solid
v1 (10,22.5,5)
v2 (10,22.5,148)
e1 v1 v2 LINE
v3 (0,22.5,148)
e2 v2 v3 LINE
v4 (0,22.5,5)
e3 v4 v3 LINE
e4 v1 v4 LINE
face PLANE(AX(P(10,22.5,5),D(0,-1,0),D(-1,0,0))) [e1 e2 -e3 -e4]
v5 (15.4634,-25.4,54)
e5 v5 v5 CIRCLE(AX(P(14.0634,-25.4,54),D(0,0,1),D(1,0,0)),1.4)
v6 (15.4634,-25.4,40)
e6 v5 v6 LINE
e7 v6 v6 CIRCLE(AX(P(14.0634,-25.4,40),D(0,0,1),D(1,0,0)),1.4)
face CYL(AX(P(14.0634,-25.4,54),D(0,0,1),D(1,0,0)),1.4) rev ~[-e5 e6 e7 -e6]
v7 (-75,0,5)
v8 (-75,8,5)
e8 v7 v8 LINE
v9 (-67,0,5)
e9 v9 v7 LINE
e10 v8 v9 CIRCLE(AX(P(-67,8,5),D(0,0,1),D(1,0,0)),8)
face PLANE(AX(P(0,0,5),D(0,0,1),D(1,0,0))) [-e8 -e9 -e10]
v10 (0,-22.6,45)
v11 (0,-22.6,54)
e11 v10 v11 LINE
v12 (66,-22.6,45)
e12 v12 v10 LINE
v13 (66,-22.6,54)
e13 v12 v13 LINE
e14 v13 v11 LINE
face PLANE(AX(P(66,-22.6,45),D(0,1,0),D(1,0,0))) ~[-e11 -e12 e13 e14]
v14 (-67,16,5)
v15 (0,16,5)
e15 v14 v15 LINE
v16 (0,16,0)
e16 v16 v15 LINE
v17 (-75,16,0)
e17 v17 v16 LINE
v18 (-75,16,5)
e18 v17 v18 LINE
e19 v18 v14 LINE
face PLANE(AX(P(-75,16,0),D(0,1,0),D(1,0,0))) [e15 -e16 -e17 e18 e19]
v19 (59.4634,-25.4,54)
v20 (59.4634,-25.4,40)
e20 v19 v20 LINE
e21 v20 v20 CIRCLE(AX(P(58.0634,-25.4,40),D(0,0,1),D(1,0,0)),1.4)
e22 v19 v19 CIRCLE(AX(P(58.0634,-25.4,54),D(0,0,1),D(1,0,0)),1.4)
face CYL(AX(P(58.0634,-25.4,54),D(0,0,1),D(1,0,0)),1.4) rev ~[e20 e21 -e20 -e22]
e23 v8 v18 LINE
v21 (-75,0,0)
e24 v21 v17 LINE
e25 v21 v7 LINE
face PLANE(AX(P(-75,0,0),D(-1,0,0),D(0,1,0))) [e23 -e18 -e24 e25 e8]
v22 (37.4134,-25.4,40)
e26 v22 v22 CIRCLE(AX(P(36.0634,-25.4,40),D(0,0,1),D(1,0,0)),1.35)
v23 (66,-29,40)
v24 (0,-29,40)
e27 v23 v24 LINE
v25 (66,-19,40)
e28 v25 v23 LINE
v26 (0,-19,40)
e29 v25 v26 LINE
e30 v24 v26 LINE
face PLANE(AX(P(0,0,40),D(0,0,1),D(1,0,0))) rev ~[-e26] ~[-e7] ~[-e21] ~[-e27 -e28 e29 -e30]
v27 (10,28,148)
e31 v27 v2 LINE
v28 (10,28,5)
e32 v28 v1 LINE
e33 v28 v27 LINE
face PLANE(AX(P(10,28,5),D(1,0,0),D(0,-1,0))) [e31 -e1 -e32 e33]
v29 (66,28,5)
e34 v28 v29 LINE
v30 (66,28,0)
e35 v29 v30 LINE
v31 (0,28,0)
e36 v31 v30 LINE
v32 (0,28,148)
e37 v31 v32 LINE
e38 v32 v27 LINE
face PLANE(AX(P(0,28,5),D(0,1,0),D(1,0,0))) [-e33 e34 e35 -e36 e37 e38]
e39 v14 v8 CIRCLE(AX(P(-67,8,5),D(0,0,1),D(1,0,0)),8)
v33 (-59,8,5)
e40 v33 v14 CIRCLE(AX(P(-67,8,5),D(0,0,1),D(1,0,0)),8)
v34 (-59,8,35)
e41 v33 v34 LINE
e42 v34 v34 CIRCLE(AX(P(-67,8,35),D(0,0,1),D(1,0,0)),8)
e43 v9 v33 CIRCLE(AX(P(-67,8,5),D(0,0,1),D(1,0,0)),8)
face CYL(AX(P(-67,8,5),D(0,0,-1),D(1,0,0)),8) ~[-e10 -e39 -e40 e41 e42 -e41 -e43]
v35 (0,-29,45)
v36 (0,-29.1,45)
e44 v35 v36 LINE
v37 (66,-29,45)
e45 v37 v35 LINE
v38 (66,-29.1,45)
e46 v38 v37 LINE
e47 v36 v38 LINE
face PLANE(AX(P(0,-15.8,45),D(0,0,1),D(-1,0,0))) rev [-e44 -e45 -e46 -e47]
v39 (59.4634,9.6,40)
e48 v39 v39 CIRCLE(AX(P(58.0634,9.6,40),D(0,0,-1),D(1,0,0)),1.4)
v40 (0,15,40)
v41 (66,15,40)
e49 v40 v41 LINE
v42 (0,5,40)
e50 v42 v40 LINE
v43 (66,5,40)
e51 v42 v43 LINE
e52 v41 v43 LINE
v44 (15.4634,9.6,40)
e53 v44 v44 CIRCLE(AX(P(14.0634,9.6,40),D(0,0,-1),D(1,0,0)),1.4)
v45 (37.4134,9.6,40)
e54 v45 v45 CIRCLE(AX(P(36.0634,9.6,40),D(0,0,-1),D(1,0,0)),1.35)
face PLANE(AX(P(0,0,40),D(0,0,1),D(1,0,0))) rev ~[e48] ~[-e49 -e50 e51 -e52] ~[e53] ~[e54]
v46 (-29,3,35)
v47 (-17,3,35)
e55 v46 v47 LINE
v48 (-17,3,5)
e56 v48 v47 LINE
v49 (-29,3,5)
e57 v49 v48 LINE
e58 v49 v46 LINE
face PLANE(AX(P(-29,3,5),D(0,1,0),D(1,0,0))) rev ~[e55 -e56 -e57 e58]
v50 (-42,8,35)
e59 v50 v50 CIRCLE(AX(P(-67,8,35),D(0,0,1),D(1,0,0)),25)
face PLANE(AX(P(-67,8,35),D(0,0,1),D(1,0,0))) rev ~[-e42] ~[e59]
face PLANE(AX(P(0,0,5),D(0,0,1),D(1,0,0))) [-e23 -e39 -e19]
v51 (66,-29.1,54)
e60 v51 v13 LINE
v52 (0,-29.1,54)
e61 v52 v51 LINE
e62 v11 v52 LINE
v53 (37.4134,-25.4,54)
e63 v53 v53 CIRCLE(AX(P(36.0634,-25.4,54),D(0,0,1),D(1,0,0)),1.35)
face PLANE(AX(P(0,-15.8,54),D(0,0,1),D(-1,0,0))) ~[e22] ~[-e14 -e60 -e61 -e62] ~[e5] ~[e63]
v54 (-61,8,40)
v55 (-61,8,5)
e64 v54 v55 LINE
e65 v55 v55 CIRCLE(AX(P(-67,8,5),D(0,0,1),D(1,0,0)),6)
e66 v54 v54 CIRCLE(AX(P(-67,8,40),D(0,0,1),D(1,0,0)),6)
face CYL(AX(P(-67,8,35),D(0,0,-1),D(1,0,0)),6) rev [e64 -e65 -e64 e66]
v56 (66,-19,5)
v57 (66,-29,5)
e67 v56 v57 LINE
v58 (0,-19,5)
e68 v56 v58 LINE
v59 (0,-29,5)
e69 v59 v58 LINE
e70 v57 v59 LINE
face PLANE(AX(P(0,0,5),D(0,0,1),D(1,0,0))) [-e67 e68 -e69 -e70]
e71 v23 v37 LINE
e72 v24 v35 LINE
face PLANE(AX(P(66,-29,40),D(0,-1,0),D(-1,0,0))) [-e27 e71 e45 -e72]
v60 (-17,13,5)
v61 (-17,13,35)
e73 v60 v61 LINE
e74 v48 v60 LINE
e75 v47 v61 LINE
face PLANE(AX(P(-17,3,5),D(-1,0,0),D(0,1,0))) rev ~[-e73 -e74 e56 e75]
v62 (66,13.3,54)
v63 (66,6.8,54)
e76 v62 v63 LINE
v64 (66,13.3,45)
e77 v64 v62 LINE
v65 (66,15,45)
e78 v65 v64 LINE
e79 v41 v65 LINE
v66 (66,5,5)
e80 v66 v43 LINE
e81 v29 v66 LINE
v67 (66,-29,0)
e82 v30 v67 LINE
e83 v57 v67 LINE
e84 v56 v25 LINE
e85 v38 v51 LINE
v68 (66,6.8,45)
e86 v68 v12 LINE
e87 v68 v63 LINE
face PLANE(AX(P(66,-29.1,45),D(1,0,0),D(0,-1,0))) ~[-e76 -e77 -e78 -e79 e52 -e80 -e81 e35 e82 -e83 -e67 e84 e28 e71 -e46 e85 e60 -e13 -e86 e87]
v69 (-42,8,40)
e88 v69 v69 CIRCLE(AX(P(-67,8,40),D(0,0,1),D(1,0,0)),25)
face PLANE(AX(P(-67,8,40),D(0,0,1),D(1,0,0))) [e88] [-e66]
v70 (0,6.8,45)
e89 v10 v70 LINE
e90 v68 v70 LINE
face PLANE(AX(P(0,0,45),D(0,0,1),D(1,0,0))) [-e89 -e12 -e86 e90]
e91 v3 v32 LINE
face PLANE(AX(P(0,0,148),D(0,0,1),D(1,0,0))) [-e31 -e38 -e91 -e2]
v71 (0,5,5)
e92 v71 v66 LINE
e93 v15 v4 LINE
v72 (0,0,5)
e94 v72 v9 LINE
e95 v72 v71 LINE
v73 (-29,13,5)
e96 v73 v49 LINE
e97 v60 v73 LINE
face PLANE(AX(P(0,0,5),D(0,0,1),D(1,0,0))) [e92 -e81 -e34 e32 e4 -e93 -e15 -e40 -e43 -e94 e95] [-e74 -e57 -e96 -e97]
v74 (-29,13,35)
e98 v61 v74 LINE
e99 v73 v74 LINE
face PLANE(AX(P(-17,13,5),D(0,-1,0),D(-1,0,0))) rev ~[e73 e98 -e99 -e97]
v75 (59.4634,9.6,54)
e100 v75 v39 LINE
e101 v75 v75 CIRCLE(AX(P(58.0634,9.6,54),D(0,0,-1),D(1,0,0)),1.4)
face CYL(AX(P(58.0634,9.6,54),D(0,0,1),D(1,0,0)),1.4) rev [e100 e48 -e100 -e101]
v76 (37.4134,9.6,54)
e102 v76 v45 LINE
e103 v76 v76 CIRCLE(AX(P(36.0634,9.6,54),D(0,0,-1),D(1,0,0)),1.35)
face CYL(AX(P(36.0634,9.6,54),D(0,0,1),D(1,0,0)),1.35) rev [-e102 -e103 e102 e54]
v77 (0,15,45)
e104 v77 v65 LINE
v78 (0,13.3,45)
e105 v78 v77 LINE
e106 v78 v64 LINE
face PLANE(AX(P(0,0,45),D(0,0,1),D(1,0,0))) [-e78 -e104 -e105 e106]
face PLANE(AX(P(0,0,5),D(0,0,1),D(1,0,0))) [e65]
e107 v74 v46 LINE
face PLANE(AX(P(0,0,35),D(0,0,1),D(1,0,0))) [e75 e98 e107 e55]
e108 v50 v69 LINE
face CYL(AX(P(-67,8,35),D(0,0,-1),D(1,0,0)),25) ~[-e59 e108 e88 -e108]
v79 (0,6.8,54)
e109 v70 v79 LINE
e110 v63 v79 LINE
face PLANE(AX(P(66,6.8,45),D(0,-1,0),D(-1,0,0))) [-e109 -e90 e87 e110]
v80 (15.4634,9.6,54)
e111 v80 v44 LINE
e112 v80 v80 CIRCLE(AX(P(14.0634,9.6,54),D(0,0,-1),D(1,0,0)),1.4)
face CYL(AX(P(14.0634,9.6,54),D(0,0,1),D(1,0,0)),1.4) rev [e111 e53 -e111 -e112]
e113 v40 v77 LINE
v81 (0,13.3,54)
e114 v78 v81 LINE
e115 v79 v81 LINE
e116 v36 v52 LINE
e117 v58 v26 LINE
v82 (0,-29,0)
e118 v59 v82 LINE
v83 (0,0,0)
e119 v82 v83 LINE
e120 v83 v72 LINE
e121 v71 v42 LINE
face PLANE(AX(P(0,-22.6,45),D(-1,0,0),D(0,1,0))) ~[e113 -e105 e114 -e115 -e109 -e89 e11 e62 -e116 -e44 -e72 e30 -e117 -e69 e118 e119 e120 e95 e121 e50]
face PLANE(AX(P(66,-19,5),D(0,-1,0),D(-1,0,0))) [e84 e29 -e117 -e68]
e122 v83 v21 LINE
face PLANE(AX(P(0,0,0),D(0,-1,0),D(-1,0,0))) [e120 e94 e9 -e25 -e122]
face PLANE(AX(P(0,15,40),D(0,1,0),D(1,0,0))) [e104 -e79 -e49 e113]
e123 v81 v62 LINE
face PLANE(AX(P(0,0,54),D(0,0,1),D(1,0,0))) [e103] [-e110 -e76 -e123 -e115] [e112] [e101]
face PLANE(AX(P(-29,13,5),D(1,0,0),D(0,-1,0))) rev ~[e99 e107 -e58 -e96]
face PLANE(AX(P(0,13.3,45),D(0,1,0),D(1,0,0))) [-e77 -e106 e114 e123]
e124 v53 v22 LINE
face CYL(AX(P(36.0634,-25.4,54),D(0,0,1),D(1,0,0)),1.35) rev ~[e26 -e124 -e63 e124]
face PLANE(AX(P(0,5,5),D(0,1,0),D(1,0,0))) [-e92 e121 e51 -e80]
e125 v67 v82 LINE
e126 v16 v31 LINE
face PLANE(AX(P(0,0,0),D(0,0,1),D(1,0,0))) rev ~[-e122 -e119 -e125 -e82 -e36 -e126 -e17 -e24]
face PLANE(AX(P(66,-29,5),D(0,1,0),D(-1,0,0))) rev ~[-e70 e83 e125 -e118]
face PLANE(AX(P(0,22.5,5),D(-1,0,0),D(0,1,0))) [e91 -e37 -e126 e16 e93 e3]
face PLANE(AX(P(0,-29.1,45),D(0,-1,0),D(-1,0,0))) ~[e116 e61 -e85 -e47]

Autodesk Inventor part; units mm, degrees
ref_plane "YZ Plane" through (0, 0, 0) normal (1, 0, 0) x (0, 1, 0)
ref_plane "XZ Plane" through (0, 0, 0) normal (0, 1, 0) x (-1, 0, 0)
ref_plane "XY Plane" through (0, 0, 0) normal (0, 0, 1) x (1, 0, 0)
sketch "Skizze1" plane through (0, 0, 0) normal (0, 0, 1) x (1, 0, 0)
  line L0 (0, 0) -> (-75, 0)
  line L1 (-75, 0) -> (-75, 16)
  line L2 (-75, 16) -> (0, 16)
  line L3 (0, 16) -> (0, 0)
  dimension "d0" = 75
  dimension "d1" = 16
extrude "Extrusion1" add sketch "Skizze1" along normal blind 5
sketch "Skizze2" plane through (0, 0, 5) normal (0, 0, 1) x (1, 0, 0)
  line L0 (0, 0) -> (0, 16) construction
  line L1 (-75, 0) -> (0, 0) construction
  line L2 (0, 0) -> (-75, 0) construction
  line L3 (-75, 0) -> (-75, 16) construction
  line L4 (-75, 16) -> (-75, 0) construction
  line L5 (-75, 16) -> (-59, 16) construction
  line L6 (-59, 16) -> (-59, 0) construction
  line L7 (-59, 16) -> (-75, 0) construction
  line L8 (-75, 16) -> (-59, 0) construction
  circle A0 centre (-67, 8) radius 8
  circle A1 centre (-67, 8) radius 6
  dimension "d4" = 16
  dimension "d5" = 16
  dimension "d6" = 16
  dimension "d7" = 12
extrude "Extrusion2" add sketch "Skizze2" along normal blind 30
sketch "Skizze3" plane through (-67, 8, 35) normal (0, 0, 1) x (1, 0, 0)
  circle A0 centre (0, 0) radius 6 construction
  line L0 (-6, 0) -> (6, 0) construction
  line L1 (0, 6) -> (0, -6) construction
  circle A1 centre (0, 0) radius 25
  circle A2 centre (0, 0) radius 6
  point P0 (67, -8)
  dimension "d10" = 50
extrude "Extrusion4" add sketch "Skizze3" along normal blind 5
sketch "Skizze4" plane through (0, 0, 5) normal (0, 0, 1) x (1, 0, 0)
  circle A0 centre (-67, 8) radius 6 construction
  line L0 (-67, 8) -> (-17, 8) construction
  line L1 (-17, 8) -> (-17, 13) construction
  line L2 (-17, 13) -> (-29, 13) construction
  line L3 (-29, 13) -> (-29, 3) construction
  line L4 (-29, 3) -> (-17, 3)
  line L5 (-17, 3) -> (-17, 13)
  line L6 (-17, 13) -> (-29, 13)
  line L7 (-29, 13) -> (-29, 3)
  point P0 (0, 0)
  dimension "d15" = 50
  dimension "d16" = 5
  dimension "d17" = 12
  dimension "d18" = 10
extrude "Extrusion5" add sketch "Skizze4" along normal blind 30
sketch "Skizze5" plane through (0, 0, 5) normal (0, 0, 1) x (1, 0, 0)
  circle A0 centre (-67, 8) radius 6 construction
  line L0 (-67, 8) -> (0, 8) construction
  line L1 (0, 0) -> (0, 16) construction
  line L2 (0, 8) -> (0, -29) construction
  line L3 (0, -29) -> (66, -29) construction
  line L4 (0, 8) -> (0, 28) construction
  line L5 (66, -29) -> (0, -29)
  line L6 (0, -29) -> (0, 28)
  line L7 (0, 28) -> (66, 28)
  line L8 (66, 28) -> (66, -29)
  dimension "d21" = 67
  dimension "d22" = 37
  dimension "d23" = 66
  dimension "d24" = 20
extrude "Extrusion6" add sketch "Skizze5" against normal blind 5
sketch "Skizze6" plane through (0, 0, 5) normal (0, 0, 1) x (1, 0, 0)
  line L0 (0, -29) -> (0, 0) construction
  line L1 (0, -29) -> (0, 15) construction
  line L2 (0, 15) -> (66, 15) construction
  line L3 (66, 28) -> (66, -29) construction
  line L4 (0, 15) -> (0, 5) construction
  line L5 (66, -29) -> (0, -29) construction
  line L6 (66, -29) -> (66, -19) construction
  line L7 (0, 5) -> (66, 5)
  line L8 (66, 5) -> (66, -19)
  line L9 (66, -19) -> (0, -19)
  line L10 (0, -19) -> (0, 5)
  dimension "d27" = 44
  dimension "d28" = 66
  dimension "d42" = 10
  dimension "d43" = 10
extrude "Extrusion7" add sketch "Skizze6" along normal blind 35
sketch "Skizze7" plane through (0, 0, 5) normal (0, 0, 1) x (1, 0, 0)
  line L0 (-67, 6.9194) -> (0, 7.5) construction
  line L1 (0, 0) -> (0, -19) construction
  line L2 (0, 7.5) -> (0, 22.5) construction
  line L3 (0, 22.5) -> (10, 22.5) construction
  line L4 (0, 28) -> (66, 28) projected
  line L5 (10, 22.5) -> (0, 22.5)
  line L6 (0, 22.5) -> (0, 28)
  line L7 (0, 28) -> (10, 28)
  line L8 (10, 28) -> (10, 22.5)
  point P0 (0, 15)
  dimension "d31" = 15
  dimension "d32" = 10
extrude "Extrusion8" add sketch "Skizze7" along normal blind 143
sketch "Skizze9" plane through (0, 0, 40) normal (0, 0, 1) x (1, 0, 0)
  line L0 (0, 0) -> (0, 5) construction
  line L1 (0, 5) -> (0, 15) construction
  line L2 (0, 15) -> (66, 15) construction
  line L3 (66, 28) -> (66, -29) construction
  line L4 (66, 15) -> (66, -29) construction
  line L5 (66, -29) -> (0, -29) projected
  line L6 (0, 15) -> (66, 15)
  line L7 (66, 15) -> (66, -29)
  line L8 (66, -29) -> (0, -29)
  line L9 (0, -29) -> (0, 15)
  dimension "d44" = 10
  dimension "d45" = 66
extrude "Extrusion10" add sketch "Skizze9" along normal blind 5
sketch "Skizze10" plane through (0, 0, 45) normal (0, 0, 1) x (1, 0, 0)
  circle A0 centre (-67, 8) radius 6 construction
  line L0 (-67, 8) -> (0, 8) construction
  line L1 (0, 8) -> (0, -7) construction
  line L2 (0, 0) -> (0, 5) construction
  line L3 (0, -7) -> (0, 13.3) construction
  line L4 (0, 13.3) -> (66, 13.3) construction
  line L5 (66, 28) -> (66, -29) construction
  line L6 (66, 13.3) -> (66, 6.8) construction
  line L7 (66, 6.8) -> (0, 6.8) construction
  line L8 (66, 5) -> (0, 5) construction
  line L9 (66, 6.8) -> (132, 6.8) construction
  line L10 (0, 13.3) -> (0, 6.8) construction
  line L11 (0, 5) -> (0, 15) construction
  line L12 (0, 13.3) -> (66, 13.3)
  line L13 (66, 13.3) -> (66, 6.8)
  line L14 (66, 6.8) -> (0, 6.8)
  line L15 (0, 6.8) -> (0, 13.3)
  dimension "d48" = 15
  dimension "d49" = 20.3
  dimension "d50" = 66
  dimension "d51" = 6.5
  dimension "d52" = 66
  dimension "d53" = 180
  dimension "d54" = 6.5
extrude "Extrusion11" add sketch "Skizze10" along normal blind 9
ref_plane "Arbeitsebene2" through (0, -7.9, 45) normal (0, -1, 0) x (1, 0, 0)
mirror "Spiegeln1" about plane through (0, -7.9, 45) normal (0, -1, 0) of "Extrusion11"
sketch "Skizze13" plane through (0, -29.1, 54) normal (0, 0, 1) x (1, 0, 0)
  circle A0 centre (14.0634, 3.7) radius 1.35 projected
  circle A1 centre (36.0634, 3.7) radius 1.35 projected
  circle A2 centre (58.0634, 3.7) radius 1.35 projected
  circle A3 centre (14.0634, 3.7) radius 1.4
  circle A4 centre (36.0634, 3.7) radius 1.4
  circle A5 centre (58.0634, 3.7) radius 1.4
  point P0 (0, 29.1)
  dimension "d58" = 2.8
  dimension "d59" = 2.8
  dimension "d60" = 2.8
extrude "Extrusion12" cut sketch "Skizze13" against normal up to next contours A0 | A1 | A2 | A3 | A5
mirror "Spiegeln2" about plane through (0, -7.9, 45) normal (0, -1, 0) of "Extrusion12"
equation "\"d61\" = d60"
properties part number "base"
